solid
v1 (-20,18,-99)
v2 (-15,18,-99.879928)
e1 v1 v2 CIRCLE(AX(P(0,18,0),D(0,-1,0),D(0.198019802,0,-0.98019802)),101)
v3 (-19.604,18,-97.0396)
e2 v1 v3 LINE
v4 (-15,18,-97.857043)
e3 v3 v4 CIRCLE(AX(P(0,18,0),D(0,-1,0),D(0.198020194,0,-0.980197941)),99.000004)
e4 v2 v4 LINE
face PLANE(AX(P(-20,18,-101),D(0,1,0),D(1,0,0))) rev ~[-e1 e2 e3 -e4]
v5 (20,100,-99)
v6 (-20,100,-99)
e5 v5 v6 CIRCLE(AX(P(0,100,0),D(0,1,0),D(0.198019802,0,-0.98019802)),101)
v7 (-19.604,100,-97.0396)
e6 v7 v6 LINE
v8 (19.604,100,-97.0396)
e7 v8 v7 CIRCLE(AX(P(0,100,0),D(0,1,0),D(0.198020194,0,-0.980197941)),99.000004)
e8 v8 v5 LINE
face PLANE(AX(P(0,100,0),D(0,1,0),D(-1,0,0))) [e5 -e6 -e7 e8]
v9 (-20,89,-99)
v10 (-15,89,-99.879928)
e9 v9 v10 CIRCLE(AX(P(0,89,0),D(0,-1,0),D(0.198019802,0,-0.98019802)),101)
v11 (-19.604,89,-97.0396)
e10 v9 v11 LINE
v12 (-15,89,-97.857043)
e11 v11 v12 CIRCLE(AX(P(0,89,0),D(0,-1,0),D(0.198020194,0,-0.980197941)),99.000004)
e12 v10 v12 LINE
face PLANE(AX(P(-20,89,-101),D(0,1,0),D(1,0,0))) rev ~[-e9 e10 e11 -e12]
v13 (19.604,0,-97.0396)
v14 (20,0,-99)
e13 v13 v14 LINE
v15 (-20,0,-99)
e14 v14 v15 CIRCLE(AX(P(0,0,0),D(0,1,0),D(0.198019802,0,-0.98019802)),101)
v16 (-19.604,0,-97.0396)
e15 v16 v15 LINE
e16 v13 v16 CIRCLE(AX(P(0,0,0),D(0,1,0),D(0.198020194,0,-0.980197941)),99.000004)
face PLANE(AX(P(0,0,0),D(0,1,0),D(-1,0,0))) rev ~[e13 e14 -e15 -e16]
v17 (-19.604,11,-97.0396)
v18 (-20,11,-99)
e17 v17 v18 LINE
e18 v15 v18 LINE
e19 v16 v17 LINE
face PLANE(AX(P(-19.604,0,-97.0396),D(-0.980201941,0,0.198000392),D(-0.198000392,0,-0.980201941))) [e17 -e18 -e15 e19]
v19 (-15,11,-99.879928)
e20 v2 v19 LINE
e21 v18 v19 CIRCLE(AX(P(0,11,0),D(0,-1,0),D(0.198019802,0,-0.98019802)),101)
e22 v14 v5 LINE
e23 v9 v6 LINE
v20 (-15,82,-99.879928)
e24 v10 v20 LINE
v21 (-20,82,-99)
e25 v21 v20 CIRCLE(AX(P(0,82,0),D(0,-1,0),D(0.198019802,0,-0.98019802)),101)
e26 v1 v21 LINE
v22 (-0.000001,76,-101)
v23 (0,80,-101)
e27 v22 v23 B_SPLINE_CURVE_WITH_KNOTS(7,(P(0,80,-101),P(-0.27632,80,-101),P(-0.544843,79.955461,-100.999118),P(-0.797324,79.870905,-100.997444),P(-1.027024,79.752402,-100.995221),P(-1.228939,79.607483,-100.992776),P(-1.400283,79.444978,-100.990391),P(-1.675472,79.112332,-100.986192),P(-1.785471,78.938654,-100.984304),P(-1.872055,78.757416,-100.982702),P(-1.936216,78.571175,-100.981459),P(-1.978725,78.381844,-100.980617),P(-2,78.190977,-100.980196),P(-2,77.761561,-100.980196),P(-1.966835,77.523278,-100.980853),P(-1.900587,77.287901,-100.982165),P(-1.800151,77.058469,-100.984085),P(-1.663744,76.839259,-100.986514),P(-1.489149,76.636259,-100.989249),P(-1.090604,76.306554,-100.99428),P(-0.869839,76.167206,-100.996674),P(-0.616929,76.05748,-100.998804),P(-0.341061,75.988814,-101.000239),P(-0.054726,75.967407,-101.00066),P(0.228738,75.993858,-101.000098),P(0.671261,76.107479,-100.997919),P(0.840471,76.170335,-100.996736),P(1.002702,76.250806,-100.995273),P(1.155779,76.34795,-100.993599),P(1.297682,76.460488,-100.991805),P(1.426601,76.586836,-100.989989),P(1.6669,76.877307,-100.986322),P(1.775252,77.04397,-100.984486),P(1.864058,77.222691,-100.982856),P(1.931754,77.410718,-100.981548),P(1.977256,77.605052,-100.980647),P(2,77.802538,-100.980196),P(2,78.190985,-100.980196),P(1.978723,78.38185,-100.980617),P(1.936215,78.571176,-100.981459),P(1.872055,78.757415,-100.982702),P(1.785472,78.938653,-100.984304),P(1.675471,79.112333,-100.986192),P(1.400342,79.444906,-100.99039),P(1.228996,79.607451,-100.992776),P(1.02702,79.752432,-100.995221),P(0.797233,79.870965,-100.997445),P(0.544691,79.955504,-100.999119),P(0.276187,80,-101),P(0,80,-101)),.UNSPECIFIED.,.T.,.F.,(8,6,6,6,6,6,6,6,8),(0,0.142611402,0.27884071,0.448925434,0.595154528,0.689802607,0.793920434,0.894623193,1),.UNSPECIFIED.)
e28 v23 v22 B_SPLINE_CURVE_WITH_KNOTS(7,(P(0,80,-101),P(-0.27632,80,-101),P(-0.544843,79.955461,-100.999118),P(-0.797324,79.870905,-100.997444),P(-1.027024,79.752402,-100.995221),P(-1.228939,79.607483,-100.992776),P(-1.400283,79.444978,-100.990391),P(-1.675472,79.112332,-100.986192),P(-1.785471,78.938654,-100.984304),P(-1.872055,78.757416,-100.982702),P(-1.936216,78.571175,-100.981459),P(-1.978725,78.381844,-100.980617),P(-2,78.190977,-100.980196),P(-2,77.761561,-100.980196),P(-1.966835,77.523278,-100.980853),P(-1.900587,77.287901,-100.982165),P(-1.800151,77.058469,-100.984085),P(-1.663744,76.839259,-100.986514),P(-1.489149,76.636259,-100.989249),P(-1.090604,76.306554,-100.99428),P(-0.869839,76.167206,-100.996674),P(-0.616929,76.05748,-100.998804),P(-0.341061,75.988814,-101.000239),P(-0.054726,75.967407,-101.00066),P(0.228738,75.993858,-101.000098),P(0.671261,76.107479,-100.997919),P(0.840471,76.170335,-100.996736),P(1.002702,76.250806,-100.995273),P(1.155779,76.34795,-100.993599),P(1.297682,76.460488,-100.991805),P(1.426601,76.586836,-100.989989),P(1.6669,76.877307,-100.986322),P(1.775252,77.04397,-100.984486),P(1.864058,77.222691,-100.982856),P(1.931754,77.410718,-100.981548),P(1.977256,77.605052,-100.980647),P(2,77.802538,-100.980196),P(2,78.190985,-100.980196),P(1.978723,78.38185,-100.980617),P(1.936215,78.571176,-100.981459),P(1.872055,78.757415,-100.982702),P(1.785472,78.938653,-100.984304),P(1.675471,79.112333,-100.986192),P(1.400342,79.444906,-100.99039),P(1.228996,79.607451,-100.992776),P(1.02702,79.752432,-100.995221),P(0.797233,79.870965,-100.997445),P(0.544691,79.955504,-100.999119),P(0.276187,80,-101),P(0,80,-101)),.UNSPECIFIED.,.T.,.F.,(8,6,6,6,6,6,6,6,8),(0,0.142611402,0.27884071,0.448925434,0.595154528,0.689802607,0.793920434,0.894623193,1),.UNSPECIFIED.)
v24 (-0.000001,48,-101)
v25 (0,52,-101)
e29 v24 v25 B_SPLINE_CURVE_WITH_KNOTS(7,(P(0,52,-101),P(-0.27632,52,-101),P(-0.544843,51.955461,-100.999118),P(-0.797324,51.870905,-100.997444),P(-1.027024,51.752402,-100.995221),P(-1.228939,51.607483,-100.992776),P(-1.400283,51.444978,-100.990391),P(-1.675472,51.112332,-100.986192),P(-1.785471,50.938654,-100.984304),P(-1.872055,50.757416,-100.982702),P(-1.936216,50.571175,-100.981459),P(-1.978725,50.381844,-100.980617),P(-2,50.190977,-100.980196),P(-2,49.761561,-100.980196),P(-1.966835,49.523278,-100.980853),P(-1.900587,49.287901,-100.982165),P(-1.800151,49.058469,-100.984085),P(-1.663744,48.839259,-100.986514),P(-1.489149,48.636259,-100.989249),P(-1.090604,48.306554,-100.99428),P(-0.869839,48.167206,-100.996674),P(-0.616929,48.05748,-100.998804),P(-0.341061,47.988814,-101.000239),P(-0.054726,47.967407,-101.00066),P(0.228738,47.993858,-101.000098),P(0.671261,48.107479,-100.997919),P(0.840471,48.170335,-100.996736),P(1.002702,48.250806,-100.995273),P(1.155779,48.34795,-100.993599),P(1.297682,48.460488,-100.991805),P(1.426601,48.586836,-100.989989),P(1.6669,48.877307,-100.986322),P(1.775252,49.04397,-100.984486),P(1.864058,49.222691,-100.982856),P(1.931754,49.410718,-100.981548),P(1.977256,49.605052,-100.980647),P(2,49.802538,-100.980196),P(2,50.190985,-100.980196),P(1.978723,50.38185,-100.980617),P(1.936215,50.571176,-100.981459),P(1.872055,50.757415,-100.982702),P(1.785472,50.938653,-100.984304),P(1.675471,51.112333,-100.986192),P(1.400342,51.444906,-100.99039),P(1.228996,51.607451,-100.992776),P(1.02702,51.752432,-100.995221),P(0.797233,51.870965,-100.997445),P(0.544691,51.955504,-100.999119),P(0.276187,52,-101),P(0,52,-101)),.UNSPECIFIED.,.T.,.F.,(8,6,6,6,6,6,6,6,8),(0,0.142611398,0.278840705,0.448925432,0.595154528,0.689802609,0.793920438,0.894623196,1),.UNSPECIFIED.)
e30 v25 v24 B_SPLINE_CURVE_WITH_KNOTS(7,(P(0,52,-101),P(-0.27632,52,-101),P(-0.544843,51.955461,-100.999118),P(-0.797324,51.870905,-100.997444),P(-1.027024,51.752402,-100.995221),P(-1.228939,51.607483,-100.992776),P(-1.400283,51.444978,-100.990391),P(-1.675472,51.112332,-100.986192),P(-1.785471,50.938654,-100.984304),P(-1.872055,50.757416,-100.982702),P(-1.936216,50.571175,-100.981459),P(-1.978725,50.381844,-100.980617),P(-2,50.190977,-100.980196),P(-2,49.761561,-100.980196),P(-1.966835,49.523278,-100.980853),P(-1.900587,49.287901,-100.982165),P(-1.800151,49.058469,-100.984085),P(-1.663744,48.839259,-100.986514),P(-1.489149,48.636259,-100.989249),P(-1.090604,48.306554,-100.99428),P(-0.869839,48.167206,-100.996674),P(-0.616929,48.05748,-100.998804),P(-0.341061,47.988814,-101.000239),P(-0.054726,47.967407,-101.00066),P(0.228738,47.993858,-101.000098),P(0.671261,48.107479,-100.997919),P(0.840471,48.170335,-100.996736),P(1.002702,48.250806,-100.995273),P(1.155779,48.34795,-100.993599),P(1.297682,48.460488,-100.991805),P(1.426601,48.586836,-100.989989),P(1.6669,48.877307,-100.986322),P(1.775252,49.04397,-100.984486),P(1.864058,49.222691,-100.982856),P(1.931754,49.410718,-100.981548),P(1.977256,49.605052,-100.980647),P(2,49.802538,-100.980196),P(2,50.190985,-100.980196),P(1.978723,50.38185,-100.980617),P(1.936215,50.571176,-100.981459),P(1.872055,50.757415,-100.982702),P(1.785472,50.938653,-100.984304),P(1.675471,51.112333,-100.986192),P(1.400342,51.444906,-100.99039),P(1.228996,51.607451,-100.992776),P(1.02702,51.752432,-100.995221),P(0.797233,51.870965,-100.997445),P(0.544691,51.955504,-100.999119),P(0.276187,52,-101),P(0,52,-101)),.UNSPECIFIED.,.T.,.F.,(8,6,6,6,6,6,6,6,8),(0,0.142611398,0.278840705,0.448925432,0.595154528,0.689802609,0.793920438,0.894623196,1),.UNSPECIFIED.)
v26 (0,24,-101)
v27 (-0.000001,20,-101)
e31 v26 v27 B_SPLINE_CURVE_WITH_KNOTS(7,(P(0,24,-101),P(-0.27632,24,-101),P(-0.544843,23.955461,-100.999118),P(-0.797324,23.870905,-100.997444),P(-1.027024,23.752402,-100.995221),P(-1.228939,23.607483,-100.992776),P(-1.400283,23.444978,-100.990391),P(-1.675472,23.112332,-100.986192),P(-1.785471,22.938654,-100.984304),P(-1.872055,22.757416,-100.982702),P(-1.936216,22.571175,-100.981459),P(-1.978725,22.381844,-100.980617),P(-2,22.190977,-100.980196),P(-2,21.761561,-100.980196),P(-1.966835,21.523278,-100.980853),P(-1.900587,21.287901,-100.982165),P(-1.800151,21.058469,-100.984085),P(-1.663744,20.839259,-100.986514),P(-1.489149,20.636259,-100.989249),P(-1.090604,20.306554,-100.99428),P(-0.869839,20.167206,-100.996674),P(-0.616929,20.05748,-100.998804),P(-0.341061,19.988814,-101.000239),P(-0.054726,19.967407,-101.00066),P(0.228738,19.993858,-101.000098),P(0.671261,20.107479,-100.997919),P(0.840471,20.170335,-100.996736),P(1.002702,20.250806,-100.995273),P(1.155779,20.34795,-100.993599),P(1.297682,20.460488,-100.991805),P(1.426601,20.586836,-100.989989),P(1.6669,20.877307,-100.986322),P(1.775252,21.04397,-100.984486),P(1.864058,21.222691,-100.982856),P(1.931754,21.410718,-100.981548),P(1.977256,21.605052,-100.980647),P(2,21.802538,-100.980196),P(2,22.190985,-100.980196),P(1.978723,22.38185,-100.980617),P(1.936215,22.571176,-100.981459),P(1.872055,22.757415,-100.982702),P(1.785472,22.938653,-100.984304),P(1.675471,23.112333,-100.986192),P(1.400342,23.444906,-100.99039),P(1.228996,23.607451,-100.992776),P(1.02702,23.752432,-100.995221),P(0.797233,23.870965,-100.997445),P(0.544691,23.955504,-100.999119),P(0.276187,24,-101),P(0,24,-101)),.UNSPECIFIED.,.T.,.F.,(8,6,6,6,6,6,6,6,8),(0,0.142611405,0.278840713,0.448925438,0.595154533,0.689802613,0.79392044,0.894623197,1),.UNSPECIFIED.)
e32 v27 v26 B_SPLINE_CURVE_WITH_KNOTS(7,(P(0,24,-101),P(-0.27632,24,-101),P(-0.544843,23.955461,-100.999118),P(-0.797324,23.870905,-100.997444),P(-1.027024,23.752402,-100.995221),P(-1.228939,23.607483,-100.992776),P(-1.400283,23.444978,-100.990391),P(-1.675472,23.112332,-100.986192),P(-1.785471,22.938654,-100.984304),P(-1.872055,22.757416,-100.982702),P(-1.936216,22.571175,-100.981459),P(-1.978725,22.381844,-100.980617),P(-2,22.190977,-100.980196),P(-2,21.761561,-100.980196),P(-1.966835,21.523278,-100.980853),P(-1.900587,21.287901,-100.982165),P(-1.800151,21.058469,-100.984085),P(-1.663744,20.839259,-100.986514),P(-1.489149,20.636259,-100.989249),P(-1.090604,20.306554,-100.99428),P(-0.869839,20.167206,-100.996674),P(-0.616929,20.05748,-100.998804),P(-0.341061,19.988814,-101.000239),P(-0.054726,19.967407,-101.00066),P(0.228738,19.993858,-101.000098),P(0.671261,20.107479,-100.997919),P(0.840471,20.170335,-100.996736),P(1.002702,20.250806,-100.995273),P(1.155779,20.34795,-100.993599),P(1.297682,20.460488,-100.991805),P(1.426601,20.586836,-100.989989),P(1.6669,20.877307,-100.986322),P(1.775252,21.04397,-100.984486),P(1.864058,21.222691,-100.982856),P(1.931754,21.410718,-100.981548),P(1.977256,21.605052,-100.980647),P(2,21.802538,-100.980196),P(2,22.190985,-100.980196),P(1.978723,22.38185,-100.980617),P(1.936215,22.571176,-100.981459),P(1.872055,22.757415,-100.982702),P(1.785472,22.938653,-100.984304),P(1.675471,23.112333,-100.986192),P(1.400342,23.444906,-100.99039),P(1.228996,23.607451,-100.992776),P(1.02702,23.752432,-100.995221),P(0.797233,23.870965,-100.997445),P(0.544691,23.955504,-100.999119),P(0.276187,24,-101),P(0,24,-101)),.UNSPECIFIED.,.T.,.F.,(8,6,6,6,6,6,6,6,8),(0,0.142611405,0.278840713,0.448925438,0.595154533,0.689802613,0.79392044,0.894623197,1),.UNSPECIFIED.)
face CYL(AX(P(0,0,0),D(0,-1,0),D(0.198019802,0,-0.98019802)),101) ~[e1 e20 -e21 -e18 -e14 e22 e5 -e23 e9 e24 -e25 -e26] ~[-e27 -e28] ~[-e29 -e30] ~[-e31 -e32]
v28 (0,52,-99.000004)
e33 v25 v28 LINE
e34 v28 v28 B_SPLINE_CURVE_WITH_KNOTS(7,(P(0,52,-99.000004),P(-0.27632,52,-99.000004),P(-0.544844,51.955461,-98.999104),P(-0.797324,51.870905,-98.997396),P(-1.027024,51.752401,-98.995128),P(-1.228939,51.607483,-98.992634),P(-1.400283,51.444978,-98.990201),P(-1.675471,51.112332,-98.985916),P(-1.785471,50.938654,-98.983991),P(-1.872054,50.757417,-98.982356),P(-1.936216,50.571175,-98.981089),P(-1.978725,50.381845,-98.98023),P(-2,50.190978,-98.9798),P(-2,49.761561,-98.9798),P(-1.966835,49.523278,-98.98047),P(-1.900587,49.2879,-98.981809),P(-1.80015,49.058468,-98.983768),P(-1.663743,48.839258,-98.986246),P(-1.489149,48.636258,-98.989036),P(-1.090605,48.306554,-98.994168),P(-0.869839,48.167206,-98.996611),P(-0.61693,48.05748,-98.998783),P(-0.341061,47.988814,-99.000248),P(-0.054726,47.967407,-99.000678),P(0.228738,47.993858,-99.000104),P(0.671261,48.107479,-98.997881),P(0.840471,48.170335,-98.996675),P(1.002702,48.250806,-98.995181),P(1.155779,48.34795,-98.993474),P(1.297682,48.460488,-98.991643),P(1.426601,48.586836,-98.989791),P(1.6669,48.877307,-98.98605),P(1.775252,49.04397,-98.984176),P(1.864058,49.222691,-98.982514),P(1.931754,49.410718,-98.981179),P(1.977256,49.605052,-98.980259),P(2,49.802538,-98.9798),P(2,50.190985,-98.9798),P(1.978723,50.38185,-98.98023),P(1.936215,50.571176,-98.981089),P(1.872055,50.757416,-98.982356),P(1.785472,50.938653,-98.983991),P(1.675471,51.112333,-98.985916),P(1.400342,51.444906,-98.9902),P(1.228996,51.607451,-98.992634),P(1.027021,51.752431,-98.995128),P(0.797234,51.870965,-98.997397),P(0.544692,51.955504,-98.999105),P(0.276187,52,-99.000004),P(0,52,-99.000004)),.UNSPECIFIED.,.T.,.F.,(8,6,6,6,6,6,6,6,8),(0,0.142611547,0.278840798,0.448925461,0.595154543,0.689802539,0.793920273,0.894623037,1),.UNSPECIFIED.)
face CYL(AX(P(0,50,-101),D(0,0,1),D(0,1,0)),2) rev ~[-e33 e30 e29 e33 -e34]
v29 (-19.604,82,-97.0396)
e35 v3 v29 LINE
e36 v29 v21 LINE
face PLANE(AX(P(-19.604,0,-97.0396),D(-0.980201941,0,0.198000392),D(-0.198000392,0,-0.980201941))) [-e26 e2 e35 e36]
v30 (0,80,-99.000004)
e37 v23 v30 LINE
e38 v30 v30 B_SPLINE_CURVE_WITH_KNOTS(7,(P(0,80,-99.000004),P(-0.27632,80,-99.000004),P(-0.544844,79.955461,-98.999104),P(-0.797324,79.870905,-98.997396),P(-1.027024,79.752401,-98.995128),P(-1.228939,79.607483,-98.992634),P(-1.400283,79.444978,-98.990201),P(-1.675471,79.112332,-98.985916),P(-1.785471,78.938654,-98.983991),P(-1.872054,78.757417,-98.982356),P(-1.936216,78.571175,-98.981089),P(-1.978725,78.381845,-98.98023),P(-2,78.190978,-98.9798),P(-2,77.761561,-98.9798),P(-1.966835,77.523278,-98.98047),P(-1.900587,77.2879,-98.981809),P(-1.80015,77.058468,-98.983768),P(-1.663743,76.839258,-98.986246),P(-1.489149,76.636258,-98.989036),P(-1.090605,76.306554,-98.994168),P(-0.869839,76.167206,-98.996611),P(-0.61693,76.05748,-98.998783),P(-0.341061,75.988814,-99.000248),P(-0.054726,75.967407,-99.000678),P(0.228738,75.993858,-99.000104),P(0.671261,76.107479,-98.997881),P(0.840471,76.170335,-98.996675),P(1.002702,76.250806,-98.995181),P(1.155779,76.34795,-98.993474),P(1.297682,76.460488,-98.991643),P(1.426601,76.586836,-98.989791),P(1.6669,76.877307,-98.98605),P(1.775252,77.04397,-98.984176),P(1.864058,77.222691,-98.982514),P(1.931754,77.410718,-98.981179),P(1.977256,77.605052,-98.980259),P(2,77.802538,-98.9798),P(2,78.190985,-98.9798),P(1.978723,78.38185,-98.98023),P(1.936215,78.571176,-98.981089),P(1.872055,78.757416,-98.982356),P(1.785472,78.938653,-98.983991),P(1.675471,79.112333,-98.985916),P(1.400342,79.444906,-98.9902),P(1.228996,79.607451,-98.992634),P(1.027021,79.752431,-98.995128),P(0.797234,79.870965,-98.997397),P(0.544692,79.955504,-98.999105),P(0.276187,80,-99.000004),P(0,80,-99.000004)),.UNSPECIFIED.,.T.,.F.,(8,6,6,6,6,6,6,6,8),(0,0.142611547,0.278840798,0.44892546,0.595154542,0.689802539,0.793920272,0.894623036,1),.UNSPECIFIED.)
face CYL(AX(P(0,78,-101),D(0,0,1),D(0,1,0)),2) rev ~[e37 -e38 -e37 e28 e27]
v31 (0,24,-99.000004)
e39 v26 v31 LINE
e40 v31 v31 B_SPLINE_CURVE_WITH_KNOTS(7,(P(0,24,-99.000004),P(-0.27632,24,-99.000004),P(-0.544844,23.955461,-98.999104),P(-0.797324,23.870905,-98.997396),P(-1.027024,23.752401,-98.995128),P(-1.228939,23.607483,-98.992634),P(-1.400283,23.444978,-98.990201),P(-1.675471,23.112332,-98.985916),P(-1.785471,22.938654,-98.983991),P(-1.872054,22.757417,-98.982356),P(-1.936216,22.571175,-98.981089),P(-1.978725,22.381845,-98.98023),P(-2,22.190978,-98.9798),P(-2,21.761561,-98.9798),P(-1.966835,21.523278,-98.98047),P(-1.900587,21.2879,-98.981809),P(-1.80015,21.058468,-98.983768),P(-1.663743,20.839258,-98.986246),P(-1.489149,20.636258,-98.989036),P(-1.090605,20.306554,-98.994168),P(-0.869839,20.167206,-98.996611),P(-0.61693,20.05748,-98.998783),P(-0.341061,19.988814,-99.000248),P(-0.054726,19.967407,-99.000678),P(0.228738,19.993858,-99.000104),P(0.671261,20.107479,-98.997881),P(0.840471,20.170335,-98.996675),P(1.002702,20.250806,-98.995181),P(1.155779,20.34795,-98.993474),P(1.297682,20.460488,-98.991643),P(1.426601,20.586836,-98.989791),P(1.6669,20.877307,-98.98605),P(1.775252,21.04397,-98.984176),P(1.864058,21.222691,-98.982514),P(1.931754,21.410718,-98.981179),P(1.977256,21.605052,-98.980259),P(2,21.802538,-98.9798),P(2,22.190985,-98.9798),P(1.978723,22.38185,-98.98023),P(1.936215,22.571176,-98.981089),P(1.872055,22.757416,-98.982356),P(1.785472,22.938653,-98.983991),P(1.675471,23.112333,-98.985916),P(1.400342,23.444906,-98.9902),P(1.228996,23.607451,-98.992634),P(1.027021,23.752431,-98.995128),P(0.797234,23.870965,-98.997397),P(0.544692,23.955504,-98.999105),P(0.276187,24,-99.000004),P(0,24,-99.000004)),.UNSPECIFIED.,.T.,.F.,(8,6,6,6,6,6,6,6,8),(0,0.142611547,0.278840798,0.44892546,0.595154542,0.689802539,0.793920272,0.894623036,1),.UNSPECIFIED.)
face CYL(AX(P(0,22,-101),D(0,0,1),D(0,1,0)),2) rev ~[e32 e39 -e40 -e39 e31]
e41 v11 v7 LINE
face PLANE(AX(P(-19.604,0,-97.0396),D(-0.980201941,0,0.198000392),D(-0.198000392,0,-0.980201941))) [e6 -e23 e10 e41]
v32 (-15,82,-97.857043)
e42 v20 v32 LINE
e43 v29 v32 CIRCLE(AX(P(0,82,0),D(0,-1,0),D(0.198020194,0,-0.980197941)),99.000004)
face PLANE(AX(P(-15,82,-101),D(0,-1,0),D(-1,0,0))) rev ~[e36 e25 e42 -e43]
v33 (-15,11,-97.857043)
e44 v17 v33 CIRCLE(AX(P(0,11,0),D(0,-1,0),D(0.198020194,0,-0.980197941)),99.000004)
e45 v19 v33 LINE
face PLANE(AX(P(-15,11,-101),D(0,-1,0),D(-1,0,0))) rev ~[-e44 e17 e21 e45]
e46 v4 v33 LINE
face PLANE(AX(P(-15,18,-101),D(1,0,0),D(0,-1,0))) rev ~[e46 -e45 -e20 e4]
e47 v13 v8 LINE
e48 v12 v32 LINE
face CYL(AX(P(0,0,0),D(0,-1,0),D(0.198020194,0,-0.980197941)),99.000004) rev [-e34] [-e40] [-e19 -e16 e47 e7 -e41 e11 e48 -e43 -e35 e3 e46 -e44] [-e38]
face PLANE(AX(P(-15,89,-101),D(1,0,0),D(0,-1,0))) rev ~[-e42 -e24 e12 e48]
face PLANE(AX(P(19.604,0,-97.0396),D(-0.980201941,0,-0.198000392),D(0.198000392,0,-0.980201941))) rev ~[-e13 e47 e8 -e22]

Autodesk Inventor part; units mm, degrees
ref_plane "YZ Plane" through (0, 0, 0) normal (1, 0, 0) x (0, 1, 0)
ref_plane "XZ Plane" through (0, 0, 0) normal (0, 1, 0) x (-1, 0, 0)
sketch "Sketch1" plane through (0, 0, 0) normal (0, 1, 0) x (-1, 0, 0)
  arc A0 (-19.604, -97.0396) -> (19.604, -97.0396) centre (0, 0) ccw
  line L0 (19.604, -97.0396) -> (20, -99)
  line L1 (-19.604, -97.0396) -> (-20, -99)
  arc A1 (-20, -99) -> (20, -99) centre (0, 0) ccw
  line L2 (0, 0) -> (0, 18.8083) construction
  point P0 (0, -99)
  point P1 (0, -101)
  dimension "d0" = 2
  dimension "d1" = 101
  dimension "d2" = 40
  dimension "d3" = 99
extrude "Extrusion1" add sketch "Sketch1" along normal blind 100
ref_plane "Work Plane1" through (0, 0, -101) normal (0, 0, -1) x (-1, 0, 0)
sketch "Sketch2" plane through (0, 0, -101) normal (0, 0, -1) x (-1, 0, 0)
  line L0 (-20, 0) -> (20, 0) projected
  line L1 (20, 0) -> (20, 100) projected
  line L2 (-20, 100) -> (20, 100) projected
  line L3 (-20, 0) -> (-20, 100) projected
  point P0 (0, 0)
  point P1 (0, 22)
  point P2 (0, 22)
  point P3 (0, 50)
  point P4 (0, 78)
  point P5 (0, 100)
  dimension "d7" = 22
  dimension "d8" = 22
  dimension "d9" = 28
  dimension "d10" = 28
hole "Hole1" at (0, 22, -101) at (0, 50, -101) at (0, 78, -101) direction (0, 0, 1) diameter 4 end through all
sketch "Sketch3" plane through (0, 0, -101) normal (0, 0, -1) x (-1, 0, 0)
  line L0 (20, 0) -> (20, 100) projected
  line L1 (20, 100) -> (-20, 100) projected
  line L2 (20, 0) -> (-20, 0) projected
  line L3 (20, 89) -> (15, 89)
  line L4 (15, 89) -> (15, 82)
  line L5 (15, 82) -> (20, 82)
  line L6 (20, 18) -> (15, 18)
  line L7 (15, 18) -> (15, 11)
  line L8 (15, 11) -> (20, 11)
  point P0 (0, 0)
  point P1 (0, 52)
  point P2 (0, 48)
  dimension "d18" = 7
  dimension "d19" = 5
  dimension "d20" = 11
  dimension "d21" = 5
  dimension "d22" = 11
  dimension "d23" = 7
extrude "Extrusion2" cut sketch "Sketch3" against normal up to surface
equation "\"d8\" = d7"
equation "\"d10\" = d9"
properties part number "214,2"
